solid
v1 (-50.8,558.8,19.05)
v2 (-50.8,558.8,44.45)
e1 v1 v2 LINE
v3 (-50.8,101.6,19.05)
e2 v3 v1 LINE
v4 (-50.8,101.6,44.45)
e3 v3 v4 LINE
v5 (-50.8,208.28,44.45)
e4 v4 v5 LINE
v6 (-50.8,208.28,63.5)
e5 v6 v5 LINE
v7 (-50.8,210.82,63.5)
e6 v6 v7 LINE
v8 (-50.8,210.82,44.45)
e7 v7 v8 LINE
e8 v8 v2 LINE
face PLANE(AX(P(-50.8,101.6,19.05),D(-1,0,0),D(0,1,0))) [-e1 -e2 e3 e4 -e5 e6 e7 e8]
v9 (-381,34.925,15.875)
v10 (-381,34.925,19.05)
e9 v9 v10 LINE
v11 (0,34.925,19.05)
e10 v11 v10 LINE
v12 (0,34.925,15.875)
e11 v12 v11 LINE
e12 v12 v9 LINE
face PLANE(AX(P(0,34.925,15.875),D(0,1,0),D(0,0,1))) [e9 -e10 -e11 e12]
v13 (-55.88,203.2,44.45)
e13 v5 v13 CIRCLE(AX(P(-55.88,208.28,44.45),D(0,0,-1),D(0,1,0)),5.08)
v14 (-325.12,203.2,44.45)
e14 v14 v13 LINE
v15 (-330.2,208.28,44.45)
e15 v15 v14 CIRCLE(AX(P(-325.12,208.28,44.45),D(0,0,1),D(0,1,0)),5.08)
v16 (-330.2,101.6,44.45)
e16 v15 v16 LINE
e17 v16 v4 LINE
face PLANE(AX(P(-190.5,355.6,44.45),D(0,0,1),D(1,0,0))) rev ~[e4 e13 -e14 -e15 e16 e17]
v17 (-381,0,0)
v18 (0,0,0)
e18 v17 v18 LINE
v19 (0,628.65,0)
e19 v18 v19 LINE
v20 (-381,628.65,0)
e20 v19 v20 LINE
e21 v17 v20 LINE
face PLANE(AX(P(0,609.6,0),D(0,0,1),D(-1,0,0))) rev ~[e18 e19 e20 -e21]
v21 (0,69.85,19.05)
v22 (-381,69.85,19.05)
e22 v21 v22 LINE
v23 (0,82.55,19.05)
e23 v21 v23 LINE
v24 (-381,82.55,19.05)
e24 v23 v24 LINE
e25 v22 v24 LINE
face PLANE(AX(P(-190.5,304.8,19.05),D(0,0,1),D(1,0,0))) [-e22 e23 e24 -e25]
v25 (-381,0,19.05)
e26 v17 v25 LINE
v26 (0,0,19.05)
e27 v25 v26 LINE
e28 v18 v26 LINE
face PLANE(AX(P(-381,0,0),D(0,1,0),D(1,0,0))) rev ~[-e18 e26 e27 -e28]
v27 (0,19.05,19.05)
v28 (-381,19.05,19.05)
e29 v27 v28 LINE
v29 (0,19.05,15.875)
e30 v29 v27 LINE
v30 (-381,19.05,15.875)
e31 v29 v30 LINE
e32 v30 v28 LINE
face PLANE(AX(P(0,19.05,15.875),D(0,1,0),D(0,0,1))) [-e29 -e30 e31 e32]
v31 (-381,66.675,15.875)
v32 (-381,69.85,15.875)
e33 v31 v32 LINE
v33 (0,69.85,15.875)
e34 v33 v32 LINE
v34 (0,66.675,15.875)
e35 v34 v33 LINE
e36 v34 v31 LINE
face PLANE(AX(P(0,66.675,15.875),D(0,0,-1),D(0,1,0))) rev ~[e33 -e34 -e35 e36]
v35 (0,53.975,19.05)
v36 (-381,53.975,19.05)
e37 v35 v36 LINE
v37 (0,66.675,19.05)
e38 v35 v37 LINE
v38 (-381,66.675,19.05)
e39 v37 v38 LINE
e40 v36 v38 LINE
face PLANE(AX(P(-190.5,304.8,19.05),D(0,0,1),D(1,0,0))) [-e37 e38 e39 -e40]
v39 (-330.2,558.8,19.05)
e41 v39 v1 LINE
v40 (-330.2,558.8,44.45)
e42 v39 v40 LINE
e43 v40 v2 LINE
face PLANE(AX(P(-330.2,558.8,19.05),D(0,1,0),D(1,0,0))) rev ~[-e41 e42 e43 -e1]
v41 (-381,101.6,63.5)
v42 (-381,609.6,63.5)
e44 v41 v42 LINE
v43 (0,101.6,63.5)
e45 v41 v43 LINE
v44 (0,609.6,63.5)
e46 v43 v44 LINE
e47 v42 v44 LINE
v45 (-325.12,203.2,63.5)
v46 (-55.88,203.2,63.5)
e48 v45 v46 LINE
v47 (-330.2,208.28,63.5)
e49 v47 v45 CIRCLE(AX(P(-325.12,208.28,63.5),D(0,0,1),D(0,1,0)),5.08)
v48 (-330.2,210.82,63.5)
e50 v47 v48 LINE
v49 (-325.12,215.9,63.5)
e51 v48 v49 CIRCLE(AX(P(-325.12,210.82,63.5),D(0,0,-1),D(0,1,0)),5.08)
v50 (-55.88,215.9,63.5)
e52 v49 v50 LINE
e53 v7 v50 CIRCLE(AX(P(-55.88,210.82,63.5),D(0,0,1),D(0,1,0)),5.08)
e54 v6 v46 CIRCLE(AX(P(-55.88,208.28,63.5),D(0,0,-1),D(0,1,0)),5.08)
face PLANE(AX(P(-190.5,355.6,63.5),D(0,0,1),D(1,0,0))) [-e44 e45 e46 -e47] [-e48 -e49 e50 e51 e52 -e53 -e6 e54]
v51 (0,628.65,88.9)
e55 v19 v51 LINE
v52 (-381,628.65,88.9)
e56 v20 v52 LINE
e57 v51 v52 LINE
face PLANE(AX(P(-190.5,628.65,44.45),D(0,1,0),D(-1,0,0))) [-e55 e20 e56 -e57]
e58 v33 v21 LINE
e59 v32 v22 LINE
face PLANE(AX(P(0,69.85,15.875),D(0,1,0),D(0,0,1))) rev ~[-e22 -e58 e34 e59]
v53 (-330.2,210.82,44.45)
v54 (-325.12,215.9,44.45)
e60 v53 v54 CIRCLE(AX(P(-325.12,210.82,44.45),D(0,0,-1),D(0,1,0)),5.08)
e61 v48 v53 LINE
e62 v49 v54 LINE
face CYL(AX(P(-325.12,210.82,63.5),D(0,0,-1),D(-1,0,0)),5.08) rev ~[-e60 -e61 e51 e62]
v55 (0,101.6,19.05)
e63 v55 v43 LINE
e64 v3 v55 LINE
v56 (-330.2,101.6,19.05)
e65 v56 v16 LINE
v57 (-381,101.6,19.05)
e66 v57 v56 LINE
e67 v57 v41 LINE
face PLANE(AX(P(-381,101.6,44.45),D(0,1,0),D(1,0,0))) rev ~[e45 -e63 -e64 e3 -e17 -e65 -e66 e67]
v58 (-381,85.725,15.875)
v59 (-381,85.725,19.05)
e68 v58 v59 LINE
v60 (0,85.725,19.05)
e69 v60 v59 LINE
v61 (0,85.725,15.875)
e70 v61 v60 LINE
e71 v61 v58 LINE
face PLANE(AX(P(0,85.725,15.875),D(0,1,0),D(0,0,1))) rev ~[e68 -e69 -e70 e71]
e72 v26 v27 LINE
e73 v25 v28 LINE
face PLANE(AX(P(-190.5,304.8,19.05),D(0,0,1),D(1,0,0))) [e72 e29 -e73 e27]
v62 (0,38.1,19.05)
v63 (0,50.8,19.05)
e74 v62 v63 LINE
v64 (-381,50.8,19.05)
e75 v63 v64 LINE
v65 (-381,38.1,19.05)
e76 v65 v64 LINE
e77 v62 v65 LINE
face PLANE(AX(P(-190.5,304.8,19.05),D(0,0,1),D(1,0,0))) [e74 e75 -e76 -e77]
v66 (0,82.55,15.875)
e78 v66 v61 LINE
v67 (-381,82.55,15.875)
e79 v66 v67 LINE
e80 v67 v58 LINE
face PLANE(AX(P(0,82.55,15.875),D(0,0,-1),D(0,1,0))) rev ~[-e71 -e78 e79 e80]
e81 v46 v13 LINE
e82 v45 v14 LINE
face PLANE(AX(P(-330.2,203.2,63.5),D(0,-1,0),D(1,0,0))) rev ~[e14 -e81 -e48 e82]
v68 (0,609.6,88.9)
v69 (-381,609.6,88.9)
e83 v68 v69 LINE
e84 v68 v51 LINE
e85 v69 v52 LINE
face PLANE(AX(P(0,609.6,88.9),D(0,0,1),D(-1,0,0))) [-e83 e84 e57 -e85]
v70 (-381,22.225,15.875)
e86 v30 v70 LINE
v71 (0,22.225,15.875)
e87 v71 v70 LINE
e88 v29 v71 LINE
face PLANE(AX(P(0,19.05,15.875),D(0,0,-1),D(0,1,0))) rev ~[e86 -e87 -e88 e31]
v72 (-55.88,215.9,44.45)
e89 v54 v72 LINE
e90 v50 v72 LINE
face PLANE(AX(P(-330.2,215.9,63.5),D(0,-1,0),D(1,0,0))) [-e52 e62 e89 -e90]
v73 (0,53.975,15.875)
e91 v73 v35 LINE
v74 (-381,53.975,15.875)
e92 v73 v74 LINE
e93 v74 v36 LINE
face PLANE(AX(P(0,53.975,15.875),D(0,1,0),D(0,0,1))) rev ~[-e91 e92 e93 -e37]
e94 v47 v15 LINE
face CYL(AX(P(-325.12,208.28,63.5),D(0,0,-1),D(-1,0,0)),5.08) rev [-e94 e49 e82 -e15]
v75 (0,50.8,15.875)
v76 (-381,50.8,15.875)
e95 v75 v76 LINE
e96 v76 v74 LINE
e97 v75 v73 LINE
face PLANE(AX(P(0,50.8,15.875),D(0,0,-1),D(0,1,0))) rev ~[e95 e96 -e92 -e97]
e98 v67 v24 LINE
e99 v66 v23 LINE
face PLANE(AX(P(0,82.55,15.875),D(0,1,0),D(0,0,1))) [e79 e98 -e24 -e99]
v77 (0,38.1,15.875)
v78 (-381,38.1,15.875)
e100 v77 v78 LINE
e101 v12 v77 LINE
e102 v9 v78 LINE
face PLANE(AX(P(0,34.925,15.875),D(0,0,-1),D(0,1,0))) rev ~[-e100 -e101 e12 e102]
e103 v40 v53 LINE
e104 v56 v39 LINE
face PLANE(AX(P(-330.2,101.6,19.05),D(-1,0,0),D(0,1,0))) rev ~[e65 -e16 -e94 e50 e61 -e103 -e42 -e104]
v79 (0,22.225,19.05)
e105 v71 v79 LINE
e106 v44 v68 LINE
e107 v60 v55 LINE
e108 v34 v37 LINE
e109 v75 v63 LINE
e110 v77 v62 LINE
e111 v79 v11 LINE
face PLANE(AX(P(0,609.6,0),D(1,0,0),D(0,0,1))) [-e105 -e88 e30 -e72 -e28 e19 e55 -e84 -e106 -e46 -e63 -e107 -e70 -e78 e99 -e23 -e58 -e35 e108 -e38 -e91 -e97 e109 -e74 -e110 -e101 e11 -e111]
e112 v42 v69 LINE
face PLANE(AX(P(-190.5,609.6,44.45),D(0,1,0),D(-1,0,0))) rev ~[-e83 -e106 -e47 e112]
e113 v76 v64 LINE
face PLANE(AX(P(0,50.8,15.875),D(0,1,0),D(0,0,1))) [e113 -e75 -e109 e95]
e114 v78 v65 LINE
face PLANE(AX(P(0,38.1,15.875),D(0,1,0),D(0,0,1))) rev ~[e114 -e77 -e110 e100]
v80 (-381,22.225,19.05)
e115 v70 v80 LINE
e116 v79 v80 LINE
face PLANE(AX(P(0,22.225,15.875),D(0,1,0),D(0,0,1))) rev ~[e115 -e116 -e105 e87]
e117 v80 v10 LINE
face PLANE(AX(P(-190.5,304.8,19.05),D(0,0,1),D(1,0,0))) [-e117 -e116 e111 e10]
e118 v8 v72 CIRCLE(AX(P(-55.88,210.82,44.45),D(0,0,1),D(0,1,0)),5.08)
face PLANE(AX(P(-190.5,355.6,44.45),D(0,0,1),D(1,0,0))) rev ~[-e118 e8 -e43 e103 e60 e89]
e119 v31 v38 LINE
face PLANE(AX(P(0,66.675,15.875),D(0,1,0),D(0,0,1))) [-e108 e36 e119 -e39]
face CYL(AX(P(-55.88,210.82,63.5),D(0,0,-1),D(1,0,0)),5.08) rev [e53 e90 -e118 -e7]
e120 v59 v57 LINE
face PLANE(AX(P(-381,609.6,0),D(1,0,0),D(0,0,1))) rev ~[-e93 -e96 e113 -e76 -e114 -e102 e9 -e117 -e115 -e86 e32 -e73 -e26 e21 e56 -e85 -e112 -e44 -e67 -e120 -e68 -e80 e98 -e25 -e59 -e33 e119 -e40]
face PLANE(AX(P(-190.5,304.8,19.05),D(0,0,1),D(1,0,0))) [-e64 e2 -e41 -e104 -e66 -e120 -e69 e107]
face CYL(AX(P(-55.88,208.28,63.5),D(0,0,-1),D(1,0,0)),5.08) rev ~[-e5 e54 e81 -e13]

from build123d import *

# Parameters (mm, degrees)
F0_W      = 381
F0_H      = 609.6
F1_DEPTH  = 19.05
F2_W      = 50.8
F2_H      = 457.2
F3_DEPTH  = 25.4
F4_W      = 381
F4_H      = 508
F5_DEPTH  = 19.05
F6_W      = 381
F6_H      = 88.9
F7_DEPTH  = 19.05
F8_W      = 3.175
F8_H      = 3.175
F9_DEPTH  = 381
F10_W     = 279.4
F10_H     = 12.7
F11_DEPTH = 19.05
F12_R     = 5.08


with BuildPart() as f1:
    # F0 (on Top) → F1 (new body)
    with BuildSketch(Plane.XY):
        with Locations((-190.5, 304.8)):
            Rectangle(F0_W, F0_H)
    extrude(amount=F1_DEPTH)

    # F2 (on face) → F3 (join)
    with BuildSketch(Plane.XY.offset(19.05)):
        with Locations((-25.4, 330.2)):
            Rectangle(F2_W, F2_H)
        Polygon((0, 609.6), (-381, 609.6), (-381, 558.8), (-330.2, 558.8), (-50.8, 558.8), (0, 558.8), align=None)
        with Locations((-355.6, 330.2)):
            Rectangle(F2_W, F2_H)
    extrude(amount=F3_DEPTH)

    # F4 (on face) → F5 (join)
    with BuildSketch(Plane.XY.offset(44.45)):
        with Locations((-190.5, 355.6)):
            Rectangle(F4_W, F4_H)
    extrude(amount=F5_DEPTH)

    # F6 (on face) → F7 (join)
    with BuildSketch(Plane(origin=(0, 609.6, 0), x_dir=(-1, 0, 0), z_dir=(0, 1, 0))):
        with Locations((190.5, 44.45)):
            Rectangle(F6_W, F6_H)
    extrude(amount=F7_DEPTH)

    # F8 (on face) → F9 (cut)
    with BuildSketch(Plane.YZ):
        with Locations((20.6375, 17.4625)):
            Rectangle(F8_W, F8_H)
        with Locations((36.5125, 17.4625)):
            Rectangle(F8_W, F8_H)
        with Locations((52.3875, 17.4625)):
            Rectangle(F8_W, F8_H)
        with Locations((68.2625, 17.4625)):
            Rectangle(F8_W, F8_H)
        with Locations((84.1375, 17.4625)):
            Rectangle(F8_W, F8_H)
    extrude(amount=-F9_DEPTH, mode=Mode.SUBTRACT)

    # F10 (on face) → F11 (cut)
    with BuildSketch(Plane.XY.offset(63.5)):
        with Locations((-190.5, 209.55)):
            Rectangle(F10_W, F10_H)
    extrude(amount=-F11_DEPTH, mode=Mode.SUBTRACT)

    # F12
    f12_edges = [f1.edges().sort_by_distance(p)[0] for p in [
        (-330.2, 215.9, 53.975),
        (-330.2, 203.2, 53.975),
        (-50.8, 215.9, 53.975),
        (-50.8, 203.2, 53.975),
    ]]
    fillet(f12_edges, radius=F12_R)


solid = f1.part
